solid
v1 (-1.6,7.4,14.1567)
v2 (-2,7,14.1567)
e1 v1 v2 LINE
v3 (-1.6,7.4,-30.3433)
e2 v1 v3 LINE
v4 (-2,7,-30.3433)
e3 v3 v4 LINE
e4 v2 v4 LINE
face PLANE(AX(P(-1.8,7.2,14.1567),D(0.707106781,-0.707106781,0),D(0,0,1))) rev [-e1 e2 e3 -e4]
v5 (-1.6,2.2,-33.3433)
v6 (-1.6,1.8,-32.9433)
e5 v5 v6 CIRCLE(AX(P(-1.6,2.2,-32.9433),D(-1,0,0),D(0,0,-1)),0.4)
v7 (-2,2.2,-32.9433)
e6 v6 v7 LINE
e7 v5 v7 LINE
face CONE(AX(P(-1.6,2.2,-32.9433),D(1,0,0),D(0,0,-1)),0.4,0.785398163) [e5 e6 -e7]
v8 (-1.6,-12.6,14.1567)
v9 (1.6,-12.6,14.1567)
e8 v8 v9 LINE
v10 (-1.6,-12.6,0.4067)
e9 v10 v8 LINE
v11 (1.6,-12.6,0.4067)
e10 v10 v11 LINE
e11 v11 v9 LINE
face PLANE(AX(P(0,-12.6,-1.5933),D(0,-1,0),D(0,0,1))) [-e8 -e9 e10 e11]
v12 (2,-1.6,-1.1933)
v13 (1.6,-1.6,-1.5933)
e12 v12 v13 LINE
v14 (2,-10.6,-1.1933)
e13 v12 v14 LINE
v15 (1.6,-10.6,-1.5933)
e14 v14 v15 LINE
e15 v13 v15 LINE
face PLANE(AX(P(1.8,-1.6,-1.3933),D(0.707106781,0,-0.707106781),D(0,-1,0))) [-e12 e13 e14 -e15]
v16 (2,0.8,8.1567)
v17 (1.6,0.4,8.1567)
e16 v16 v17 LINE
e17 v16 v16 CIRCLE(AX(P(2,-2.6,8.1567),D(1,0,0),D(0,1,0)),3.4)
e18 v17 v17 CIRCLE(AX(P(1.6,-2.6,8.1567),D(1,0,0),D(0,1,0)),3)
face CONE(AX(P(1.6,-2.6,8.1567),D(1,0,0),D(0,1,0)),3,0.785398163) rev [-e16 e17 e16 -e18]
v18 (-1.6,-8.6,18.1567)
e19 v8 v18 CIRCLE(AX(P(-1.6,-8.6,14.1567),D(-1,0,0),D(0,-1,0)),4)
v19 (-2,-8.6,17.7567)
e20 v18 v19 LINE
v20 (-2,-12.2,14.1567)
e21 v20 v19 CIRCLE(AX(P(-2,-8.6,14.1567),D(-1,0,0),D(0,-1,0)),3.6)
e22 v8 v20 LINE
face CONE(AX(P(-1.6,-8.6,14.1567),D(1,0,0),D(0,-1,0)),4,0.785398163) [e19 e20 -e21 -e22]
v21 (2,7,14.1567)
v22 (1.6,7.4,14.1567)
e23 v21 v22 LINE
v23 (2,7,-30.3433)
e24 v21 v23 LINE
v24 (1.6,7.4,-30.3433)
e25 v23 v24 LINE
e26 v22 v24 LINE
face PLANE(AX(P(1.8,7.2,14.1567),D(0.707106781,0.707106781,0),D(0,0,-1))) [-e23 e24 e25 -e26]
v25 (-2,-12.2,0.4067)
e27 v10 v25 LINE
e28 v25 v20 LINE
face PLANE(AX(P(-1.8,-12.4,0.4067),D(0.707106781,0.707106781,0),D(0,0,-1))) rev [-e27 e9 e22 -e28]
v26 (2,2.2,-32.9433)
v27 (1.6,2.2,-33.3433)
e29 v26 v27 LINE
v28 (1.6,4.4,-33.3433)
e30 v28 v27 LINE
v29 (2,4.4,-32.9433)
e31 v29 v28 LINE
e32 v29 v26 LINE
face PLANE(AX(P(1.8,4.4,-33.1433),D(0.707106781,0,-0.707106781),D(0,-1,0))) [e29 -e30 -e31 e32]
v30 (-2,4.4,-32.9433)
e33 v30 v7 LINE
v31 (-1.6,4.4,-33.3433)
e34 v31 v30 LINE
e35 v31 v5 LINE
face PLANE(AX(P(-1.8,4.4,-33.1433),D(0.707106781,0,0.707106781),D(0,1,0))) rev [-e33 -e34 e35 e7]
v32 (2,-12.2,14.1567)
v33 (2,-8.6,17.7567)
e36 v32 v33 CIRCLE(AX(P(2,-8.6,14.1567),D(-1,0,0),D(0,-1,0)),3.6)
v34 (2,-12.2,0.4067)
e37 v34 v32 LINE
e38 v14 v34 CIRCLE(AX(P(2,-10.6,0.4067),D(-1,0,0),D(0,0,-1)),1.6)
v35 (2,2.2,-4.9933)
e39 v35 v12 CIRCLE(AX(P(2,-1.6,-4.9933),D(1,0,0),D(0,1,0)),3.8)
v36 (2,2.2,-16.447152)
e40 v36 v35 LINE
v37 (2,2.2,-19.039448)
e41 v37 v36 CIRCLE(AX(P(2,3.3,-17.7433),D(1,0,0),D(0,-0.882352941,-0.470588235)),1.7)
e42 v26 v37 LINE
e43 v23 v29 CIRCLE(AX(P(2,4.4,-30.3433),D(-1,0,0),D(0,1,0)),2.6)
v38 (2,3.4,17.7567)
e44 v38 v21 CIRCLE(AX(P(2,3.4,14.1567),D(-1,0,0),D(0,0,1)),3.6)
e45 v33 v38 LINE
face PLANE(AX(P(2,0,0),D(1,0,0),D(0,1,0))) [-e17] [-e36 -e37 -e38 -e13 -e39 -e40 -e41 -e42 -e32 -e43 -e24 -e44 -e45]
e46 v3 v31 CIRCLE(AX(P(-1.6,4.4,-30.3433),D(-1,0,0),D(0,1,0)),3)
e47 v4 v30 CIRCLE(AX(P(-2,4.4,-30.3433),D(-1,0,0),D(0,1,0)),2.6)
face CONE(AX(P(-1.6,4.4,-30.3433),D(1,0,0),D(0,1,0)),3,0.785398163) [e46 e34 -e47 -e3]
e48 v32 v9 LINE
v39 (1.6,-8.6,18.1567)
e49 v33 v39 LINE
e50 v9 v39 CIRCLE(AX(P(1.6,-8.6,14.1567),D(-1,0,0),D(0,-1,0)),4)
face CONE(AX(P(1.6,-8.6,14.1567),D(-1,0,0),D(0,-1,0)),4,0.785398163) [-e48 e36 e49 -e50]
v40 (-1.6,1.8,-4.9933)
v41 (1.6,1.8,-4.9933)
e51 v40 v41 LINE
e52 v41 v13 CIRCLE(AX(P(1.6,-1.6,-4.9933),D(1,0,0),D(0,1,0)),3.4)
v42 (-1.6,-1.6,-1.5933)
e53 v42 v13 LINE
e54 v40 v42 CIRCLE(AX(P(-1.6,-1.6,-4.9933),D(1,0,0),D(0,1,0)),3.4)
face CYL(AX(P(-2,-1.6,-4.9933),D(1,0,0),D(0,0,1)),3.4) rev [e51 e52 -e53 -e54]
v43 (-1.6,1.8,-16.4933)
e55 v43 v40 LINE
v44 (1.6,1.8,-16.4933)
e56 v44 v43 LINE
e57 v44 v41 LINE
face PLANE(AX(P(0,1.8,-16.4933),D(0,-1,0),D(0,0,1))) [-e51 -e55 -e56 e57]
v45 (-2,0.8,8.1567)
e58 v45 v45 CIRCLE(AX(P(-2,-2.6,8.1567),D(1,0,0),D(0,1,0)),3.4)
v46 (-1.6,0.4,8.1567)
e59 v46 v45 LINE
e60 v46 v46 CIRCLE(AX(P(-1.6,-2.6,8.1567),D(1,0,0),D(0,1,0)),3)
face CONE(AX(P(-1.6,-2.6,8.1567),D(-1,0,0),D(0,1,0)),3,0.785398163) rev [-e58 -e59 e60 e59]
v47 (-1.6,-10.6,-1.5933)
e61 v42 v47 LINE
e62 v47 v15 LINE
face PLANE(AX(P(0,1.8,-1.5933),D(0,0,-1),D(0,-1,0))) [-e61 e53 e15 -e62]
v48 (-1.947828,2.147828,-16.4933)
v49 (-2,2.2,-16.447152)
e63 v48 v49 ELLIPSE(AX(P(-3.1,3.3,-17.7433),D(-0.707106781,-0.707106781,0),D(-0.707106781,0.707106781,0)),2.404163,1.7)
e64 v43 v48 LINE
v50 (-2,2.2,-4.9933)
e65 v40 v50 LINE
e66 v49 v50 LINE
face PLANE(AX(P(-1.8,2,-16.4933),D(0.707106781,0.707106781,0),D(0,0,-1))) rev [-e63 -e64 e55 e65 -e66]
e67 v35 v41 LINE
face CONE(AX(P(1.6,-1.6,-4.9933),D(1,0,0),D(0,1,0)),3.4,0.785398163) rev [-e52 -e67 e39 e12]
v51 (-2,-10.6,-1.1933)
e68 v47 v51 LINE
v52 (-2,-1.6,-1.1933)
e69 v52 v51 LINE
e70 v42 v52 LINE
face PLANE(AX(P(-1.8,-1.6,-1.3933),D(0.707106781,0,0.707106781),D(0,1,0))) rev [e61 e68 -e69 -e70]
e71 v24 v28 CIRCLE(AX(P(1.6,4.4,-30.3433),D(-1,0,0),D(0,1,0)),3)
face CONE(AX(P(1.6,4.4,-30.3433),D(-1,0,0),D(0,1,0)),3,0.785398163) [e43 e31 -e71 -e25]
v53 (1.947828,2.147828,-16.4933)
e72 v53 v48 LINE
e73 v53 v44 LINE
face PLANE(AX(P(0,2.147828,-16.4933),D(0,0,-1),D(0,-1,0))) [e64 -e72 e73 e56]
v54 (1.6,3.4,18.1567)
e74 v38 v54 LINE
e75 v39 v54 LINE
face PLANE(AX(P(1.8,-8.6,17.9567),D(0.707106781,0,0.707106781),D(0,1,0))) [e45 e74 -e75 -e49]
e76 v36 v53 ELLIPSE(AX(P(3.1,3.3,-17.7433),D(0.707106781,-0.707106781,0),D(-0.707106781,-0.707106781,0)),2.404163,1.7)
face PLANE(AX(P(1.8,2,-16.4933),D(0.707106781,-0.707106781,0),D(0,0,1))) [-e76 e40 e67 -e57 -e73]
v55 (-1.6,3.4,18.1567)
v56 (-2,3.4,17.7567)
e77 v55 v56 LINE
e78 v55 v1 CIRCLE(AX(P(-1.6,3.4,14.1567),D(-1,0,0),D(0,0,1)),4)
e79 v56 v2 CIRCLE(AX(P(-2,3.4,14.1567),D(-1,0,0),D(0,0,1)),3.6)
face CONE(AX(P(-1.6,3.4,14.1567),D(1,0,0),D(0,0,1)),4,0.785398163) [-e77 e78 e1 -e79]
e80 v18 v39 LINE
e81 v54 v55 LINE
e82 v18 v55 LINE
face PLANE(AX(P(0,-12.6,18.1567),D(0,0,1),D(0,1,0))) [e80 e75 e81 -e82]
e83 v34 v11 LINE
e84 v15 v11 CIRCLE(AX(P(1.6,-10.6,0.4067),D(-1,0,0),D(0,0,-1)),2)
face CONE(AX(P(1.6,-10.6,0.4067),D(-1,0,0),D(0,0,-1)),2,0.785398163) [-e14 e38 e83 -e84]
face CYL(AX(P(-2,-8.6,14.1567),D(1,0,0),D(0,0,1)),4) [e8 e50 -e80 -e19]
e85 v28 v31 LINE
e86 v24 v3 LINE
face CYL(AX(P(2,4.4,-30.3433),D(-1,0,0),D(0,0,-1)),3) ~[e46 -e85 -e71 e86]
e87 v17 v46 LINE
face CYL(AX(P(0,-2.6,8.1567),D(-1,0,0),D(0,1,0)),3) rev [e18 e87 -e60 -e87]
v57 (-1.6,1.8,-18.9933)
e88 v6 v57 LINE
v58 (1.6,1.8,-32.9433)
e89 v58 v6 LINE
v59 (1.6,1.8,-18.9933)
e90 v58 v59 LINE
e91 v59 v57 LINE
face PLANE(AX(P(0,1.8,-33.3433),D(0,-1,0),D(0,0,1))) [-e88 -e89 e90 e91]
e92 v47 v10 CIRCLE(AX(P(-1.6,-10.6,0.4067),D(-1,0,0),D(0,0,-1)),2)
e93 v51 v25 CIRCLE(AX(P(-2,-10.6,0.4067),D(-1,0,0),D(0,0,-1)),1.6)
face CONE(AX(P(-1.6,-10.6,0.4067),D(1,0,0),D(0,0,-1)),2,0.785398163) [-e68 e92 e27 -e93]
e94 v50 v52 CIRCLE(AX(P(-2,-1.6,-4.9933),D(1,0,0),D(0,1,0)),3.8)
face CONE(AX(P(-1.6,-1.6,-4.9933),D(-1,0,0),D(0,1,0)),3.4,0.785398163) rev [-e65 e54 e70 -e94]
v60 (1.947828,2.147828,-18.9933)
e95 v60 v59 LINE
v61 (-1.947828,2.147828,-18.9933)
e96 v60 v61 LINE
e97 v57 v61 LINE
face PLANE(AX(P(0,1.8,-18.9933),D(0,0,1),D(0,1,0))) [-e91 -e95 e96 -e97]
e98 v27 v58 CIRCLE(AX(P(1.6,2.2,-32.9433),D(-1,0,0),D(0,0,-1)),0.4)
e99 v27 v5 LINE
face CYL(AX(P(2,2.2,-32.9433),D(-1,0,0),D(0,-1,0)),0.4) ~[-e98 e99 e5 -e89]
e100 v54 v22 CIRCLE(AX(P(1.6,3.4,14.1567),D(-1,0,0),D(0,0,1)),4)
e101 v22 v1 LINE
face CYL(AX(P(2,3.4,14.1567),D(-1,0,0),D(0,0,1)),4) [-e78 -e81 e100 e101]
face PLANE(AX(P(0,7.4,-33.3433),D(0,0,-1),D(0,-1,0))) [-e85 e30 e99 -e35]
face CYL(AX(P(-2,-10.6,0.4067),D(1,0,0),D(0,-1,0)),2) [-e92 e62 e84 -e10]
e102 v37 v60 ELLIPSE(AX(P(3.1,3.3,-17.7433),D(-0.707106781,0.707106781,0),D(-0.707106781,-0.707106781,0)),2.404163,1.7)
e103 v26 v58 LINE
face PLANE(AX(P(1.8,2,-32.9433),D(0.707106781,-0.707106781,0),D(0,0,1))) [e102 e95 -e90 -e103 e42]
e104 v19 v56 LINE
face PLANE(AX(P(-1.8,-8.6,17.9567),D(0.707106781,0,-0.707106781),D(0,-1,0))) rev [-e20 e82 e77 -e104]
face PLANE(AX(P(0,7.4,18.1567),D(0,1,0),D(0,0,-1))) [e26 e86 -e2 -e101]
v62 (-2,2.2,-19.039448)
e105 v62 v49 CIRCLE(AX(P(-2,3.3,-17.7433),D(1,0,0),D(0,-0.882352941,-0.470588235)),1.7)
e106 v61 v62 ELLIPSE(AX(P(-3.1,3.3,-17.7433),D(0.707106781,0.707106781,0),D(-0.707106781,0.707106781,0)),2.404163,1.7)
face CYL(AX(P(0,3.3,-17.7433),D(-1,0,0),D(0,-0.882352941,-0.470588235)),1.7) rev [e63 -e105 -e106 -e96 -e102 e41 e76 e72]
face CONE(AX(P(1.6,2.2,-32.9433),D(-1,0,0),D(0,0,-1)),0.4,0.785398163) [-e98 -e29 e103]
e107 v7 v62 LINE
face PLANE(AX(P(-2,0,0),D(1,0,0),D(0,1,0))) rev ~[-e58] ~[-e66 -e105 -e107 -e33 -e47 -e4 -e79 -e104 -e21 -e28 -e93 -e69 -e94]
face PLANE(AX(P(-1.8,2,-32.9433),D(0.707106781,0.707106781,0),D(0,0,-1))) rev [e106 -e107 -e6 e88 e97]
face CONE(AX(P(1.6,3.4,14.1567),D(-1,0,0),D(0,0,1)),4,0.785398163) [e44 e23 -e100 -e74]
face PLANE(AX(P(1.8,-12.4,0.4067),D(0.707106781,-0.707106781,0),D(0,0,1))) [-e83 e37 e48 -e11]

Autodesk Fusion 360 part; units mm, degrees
sketch "Sketch1" plane through (0, 0, 0) normal (1, 0, 0) x (0, 1, 0)
  line L0 (-12.6, 18.1567) -> (7.4, 18.1567)
  line L1 (7.4, 18.1567) -> (7.4, -33.3433)
  line L2 (7.4, -33.3433) -> (1.8, -33.3433)
  line L3 (1.8, -1.5933) -> (-12.6, -1.5933)
  line L4 (-12.6, -1.5933) -> (-12.6, 18.1567)
  circle A0 centre (-2.6, 8.1567) radius 3
  line L5 (7.4, 18.1567) -> (-2.6, 8.1567) construction
  line L6 (-12.6, 18.1567) -> (-2.6, 8.1567) construction
  arc A1 (1.8, -18.5433) -> (1.8, -16.9433) centre (3.3, -17.7433) ccw
  line L7 (1.8, -33.3433) -> (1.8, -18.5433)
  line L8 (1.8, -16.9433) -> (1.8, -1.5933)
  line L9 (2.244, -16.4933) -> (1.356, -16.4933)
  line L10 (1.356, -16.4933) -> (1.356, -18.9933)
  line L11 (1.356, -18.9933) -> (2.244, -18.9933)
  line L12 (2.244, -18.9933) -> (2.244, -16.4933)
  line L13 (2.244, -16.4933) -> (1.356, -18.9933) construction
  line L14 (1.356, -16.4933) -> (2.244, -18.9933) construction
  line L15 (3.3, -17.7433) -> (-0.8, -17.7433) construction
  point P0 (1.8, -17.7433)
  dimension "d1" = 20
  dimension "d2" = 19.75
  dimension "d3" = 6
  dimension "d4" = 45
  dimension "d5" = 45
  dimension "d6" = 5.6
  dimension "d7" = 3.4
  dimension "d8" = 15.6
  dimension "d10" = 1.5
  dimension "d24" = 31.75
  dimension "d25" = 8.1567
  dimension "d26" = 2.5
extrude "Extrude1" add sketch "Sketch1" along normal mid plane 4 contours L0 L1 L2 L3 L4 A1 L7 L8 L9 L11
fillet "Fillet1" radius 4 2 edges at (0, -12.6, 18.1567) (0, 7.4, 18.1567)
fillet "Fillet2" radius 2 1 edges at (0, -12.6, -1.5933)
fillet "Fillet3" radius 3.4 1 edges at (0, 1.8, -1.5933)
fillet "Fillet4" radius 0.4 1 edges at (0, 1.8, -33.3433)
fillet "Fillet5" radius 3 1 edges at (0, 7.4, -33.3433)
chamfer "Chamfer1" distance 0.4 angle 45 28 edges at (2, -2.6, 18.1567) (2, -11.4284, 16.9851) (2, -12.6, 7.2817) (2, -12.0142, -1.0075) (2, -6.1, -1.5933) (2, 0.8042, -2.5891) (2, 1.8, -10.7433) (2, 1.8, -25.9683) (2, 1.9172, -33.2261) (2, 3.3, -33.3433) (2, 6.5213, -32.4646) (2, 7.4, -8.0933) (2, 6.2284, 16.9851) (2, -5.397, 9.2416) (-2, -2.6, 18.1567) (-2, 6.2284, 16.9851) (-2, 7.4, -8.0933) (-2, 6.5213, -32.4646) (-2, 3.3, -33.3433) (-2, 1.9172, -33.2261) (-2, 1.8, -25.9683) (-2, 1.8, -10.7433) (-2, 0.8042, -2.5891) (-2, -6.1, -1.5933) (-2, -12.0142, -1.0075) (-2, -12.6, 7.2817) (-2, -11.4284, 16.9851) (-2, -5.397, 7.0719)
